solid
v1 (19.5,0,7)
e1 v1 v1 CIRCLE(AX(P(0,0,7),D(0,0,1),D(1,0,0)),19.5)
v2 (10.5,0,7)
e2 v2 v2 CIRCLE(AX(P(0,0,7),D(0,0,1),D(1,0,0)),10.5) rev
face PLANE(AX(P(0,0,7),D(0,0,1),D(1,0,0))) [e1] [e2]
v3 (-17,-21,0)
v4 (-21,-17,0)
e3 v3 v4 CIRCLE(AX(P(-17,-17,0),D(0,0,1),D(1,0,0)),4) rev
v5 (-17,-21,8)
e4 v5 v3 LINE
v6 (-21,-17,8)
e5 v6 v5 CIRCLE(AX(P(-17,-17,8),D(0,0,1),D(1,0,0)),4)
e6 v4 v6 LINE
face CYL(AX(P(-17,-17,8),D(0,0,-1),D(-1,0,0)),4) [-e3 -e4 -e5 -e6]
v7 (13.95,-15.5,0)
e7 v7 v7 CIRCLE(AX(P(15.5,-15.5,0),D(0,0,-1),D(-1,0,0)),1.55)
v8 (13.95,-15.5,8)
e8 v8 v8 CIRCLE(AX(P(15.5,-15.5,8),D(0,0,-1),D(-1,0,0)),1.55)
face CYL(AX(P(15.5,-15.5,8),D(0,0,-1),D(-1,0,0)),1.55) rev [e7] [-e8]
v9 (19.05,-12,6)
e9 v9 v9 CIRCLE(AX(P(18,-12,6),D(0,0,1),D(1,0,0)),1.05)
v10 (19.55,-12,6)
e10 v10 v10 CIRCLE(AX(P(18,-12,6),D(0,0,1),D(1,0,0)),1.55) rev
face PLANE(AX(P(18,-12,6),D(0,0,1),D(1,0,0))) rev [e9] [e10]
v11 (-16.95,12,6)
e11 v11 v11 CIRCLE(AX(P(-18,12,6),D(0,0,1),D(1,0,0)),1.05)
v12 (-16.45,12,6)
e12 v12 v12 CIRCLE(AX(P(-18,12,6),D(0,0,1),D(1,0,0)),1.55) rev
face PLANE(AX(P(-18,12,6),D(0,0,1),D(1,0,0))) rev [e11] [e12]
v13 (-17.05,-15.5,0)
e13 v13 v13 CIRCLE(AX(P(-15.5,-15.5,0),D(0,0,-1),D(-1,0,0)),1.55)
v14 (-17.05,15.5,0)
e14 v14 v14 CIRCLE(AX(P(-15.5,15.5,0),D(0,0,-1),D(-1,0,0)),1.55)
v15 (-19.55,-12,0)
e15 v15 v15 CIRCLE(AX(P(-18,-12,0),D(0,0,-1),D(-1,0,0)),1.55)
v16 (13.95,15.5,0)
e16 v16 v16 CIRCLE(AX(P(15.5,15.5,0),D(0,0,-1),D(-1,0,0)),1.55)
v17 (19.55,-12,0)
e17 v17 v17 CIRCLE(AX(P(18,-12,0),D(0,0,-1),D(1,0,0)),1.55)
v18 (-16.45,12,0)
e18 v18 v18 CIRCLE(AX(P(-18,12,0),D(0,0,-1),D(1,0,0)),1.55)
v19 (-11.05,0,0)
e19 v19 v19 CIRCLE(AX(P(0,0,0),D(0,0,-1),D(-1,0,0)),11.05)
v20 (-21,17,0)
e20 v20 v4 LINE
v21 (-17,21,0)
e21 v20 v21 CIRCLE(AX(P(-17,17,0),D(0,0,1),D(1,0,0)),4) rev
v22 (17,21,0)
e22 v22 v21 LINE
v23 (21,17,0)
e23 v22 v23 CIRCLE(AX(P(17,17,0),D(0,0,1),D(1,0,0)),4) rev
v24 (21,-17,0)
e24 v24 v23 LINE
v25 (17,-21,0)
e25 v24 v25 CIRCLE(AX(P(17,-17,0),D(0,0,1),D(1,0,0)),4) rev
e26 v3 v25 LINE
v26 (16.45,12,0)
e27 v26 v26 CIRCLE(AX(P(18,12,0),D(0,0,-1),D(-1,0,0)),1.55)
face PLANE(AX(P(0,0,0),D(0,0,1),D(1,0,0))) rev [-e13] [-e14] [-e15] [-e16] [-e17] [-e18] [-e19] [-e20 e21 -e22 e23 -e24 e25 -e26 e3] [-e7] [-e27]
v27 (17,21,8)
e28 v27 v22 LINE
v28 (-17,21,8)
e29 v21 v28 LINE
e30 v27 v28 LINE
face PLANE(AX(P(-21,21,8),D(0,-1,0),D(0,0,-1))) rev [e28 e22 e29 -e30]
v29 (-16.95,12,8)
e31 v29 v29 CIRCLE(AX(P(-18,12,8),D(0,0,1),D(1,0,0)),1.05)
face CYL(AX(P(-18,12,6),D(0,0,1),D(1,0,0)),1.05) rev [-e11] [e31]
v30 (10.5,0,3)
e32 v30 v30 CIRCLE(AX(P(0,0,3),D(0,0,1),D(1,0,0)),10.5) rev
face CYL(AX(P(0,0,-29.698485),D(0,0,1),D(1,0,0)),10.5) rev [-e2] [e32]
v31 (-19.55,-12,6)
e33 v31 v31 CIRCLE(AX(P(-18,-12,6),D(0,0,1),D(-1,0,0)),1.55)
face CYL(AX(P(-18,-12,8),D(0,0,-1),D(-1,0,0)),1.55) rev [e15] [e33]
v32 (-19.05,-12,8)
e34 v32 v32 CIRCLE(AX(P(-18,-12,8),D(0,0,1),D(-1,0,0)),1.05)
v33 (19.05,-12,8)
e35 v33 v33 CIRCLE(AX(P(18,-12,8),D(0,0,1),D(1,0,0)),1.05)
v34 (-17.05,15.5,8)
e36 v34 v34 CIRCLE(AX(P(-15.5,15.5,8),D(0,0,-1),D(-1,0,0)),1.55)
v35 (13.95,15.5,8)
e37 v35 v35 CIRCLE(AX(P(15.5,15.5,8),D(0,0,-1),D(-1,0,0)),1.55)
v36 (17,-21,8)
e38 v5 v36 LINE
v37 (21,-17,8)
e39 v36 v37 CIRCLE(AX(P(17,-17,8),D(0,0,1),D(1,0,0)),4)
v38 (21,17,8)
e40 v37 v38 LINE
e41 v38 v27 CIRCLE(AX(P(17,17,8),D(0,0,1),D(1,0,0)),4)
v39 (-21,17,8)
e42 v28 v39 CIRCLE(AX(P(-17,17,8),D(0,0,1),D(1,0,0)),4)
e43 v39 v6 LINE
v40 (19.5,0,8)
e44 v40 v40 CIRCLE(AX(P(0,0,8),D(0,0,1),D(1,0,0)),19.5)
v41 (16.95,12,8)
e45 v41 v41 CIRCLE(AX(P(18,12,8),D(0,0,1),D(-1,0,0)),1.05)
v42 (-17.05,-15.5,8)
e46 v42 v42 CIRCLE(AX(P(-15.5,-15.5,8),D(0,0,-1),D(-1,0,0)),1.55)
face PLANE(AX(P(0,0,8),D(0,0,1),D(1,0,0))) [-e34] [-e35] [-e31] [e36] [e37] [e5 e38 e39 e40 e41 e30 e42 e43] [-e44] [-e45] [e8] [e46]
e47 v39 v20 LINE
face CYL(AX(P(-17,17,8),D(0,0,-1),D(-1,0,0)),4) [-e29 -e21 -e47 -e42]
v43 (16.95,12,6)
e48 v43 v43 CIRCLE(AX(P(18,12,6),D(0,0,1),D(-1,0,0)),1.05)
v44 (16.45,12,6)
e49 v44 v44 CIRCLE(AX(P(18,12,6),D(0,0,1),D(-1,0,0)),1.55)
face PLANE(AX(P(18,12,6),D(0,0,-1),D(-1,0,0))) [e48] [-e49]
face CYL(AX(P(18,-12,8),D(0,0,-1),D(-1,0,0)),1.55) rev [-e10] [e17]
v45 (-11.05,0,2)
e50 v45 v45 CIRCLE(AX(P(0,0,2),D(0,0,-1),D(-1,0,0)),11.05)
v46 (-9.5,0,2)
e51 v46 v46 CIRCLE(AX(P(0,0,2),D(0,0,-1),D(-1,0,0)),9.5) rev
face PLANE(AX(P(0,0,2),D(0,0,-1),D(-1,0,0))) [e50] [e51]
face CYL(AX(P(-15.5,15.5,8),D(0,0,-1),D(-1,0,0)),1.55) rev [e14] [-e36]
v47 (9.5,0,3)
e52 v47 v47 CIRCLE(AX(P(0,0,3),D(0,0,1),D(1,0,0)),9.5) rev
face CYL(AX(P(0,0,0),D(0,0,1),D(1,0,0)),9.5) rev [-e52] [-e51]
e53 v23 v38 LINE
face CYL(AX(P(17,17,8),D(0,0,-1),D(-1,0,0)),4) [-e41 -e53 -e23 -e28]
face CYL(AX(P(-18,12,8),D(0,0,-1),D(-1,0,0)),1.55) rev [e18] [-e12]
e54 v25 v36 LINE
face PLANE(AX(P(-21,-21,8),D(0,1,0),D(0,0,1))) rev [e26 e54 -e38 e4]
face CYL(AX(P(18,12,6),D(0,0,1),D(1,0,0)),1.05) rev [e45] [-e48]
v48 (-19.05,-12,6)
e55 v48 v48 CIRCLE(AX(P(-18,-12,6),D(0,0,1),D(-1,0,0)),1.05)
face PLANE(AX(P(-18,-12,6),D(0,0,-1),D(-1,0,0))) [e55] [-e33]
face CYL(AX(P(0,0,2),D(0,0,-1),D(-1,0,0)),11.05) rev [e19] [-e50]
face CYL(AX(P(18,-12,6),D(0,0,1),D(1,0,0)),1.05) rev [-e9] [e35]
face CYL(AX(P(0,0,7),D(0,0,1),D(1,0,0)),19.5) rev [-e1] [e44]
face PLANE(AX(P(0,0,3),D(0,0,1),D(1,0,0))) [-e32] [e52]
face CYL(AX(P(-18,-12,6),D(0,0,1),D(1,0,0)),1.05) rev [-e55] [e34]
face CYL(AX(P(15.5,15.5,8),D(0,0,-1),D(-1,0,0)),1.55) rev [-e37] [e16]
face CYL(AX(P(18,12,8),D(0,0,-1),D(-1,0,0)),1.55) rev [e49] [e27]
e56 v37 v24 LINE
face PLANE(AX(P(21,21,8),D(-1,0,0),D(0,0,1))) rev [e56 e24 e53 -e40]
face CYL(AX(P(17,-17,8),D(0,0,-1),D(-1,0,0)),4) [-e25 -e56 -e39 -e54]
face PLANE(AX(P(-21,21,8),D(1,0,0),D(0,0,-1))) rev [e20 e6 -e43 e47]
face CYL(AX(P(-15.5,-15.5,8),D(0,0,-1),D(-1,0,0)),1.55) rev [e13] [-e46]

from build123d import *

# Parameters (mm, degrees)
SKETCH_1_W          = 42
SKETCH_1_H          = 42
EXTRUDE_1_DEPTH     = 8
SKETCH_2_R          = 9.5
CUT_EXTRUDE_1_DEPTH = 9
SKETCH_3_R          = 10.5
CUT_EXTRUDE_2_DEPTH = 5
SKETCH_6_R          = 11.05
CUT_EXTRUDE_3_DEPTH = 2
FILLET_1_R          = 4
SKETCH_8_R          = 19.5
CUT_EXTRUDE_4_DEPTH = 1
SKETCH_9_R          = 1.55
CUT_EXTRUDE_5_DEPTH = 9
SKETCH_10_R         = 1.55
CUT_EXTRUDE_6_DEPTH = 9
SKETCH_11_R         = 1.55
SKETCH_11_R_2       = 1.05
EXTRUDE_3_DEPTH     = 2


with BuildPart() as part:
    # 草图1 → 凸台-拉伸1 (new body)
    with BuildSketch(Plane.XY):
        Rectangle(SKETCH_1_W, SKETCH_1_H)
    extrude(amount=EXTRUDE_1_DEPTH)

    # 草图2 → 切除-拉伸1 (cut, through all)
    with BuildSketch(Plane.XY.offset(8)):
        Circle(SKETCH_2_R)
    extrude(amount=-CUT_EXTRUDE_1_DEPTH, mode=Mode.SUBTRACT)

    # 草图3 → 切除-拉伸2 (cut)
    with BuildSketch(Plane.XY.offset(8)):
        Circle(SKETCH_3_R)
    extrude(amount=-CUT_EXTRUDE_2_DEPTH, mode=Mode.SUBTRACT)

    # 草图6 → 切除-拉伸3 (cut)
    with BuildSketch(Plane(origin=(0, 0, 0), x_dir=(-1, 0, 0), z_dir=(0, 0, -1))):
        Circle(SKETCH_6_R)
    extrude(amount=-CUT_EXTRUDE_3_DEPTH, mode=Mode.SUBTRACT)

    # 圆角1
    fillet_1_edges = [part.edges().sort_by_distance(p)[0] for p in [
        (21, -21, 4),
        (-21, -21, 4),
        (-21, 21, 4),
        (21, 21, 4),
    ]]
    fillet(fillet_1_edges, radius=FILLET_1_R)

    # 草图8 → 切除-拉伸4 (cut)
    with BuildSketch(Plane.XY.offset(8)):
        Circle(SKETCH_8_R)
    extrude(amount=-CUT_EXTRUDE_4_DEPTH, mode=Mode.SUBTRACT)

    # 草图9 → 切除-拉伸5 (cut, through all)
    with BuildSketch(Plane(origin=(0, 0, 0), x_dir=(-1, 0, 0), z_dir=(0, 0, -1))):
        with Locations((-15.5, 15.5)):
            Circle(SKETCH_9_R)
        with Locations((15.5, 15.5)):
            Circle(SKETCH_9_R)
        with Locations((15.5, -15.5)):
            Circle(SKETCH_9_R)
        with Locations((-15.5, -15.5)):
            Circle(SKETCH_9_R)
    extrude(amount=-CUT_EXTRUDE_5_DEPTH, mode=Mode.SUBTRACT)

    # 草图10 → 切除-拉伸6 (cut, through all)
    with BuildSketch(Plane(origin=(0, 0, 0), x_dir=(-1, 0, 0), z_dir=(0, 0, -1))):
        with Locations((-18, 12)):
            Circle(SKETCH_10_R)
        with Locations((18, 12)):
            Circle(SKETCH_10_R)
        with Locations((18, -12)):
            Circle(SKETCH_10_R)
        with Locations((-18, -12)):
            Circle(SKETCH_10_R)
    extrude(amount=-CUT_EXTRUDE_6_DEPTH, mode=Mode.SUBTRACT)

    # 草图11 → 凸台-拉伸3 (add)
    with BuildSketch(Plane.XY.offset(8)):
        with Locations((-18, 12)):
            Circle(SKETCH_11_R)
        with Locations((-18, 12)):
            Circle(SKETCH_11_R_2, mode=Mode.SUBTRACT)
        with Locations((18, 12)):
            Circle(SKETCH_11_R)
        with Locations((18, 12)):
            Circle(SKETCH_11_R_2, mode=Mode.SUBTRACT)
        with Locations((18, -12)):
            Circle(SKETCH_11_R)
        with Locations((18, -12)):
            Circle(SKETCH_11_R_2, mode=Mode.SUBTRACT)
        with Locations((-18, -12)):
            Circle(SKETCH_11_R)
        with Locations((-18, -12)):
            Circle(SKETCH_11_R_2, mode=Mode.SUBTRACT)
    extrude(amount=-EXTRUDE_3_DEPTH)


solid = part.part
